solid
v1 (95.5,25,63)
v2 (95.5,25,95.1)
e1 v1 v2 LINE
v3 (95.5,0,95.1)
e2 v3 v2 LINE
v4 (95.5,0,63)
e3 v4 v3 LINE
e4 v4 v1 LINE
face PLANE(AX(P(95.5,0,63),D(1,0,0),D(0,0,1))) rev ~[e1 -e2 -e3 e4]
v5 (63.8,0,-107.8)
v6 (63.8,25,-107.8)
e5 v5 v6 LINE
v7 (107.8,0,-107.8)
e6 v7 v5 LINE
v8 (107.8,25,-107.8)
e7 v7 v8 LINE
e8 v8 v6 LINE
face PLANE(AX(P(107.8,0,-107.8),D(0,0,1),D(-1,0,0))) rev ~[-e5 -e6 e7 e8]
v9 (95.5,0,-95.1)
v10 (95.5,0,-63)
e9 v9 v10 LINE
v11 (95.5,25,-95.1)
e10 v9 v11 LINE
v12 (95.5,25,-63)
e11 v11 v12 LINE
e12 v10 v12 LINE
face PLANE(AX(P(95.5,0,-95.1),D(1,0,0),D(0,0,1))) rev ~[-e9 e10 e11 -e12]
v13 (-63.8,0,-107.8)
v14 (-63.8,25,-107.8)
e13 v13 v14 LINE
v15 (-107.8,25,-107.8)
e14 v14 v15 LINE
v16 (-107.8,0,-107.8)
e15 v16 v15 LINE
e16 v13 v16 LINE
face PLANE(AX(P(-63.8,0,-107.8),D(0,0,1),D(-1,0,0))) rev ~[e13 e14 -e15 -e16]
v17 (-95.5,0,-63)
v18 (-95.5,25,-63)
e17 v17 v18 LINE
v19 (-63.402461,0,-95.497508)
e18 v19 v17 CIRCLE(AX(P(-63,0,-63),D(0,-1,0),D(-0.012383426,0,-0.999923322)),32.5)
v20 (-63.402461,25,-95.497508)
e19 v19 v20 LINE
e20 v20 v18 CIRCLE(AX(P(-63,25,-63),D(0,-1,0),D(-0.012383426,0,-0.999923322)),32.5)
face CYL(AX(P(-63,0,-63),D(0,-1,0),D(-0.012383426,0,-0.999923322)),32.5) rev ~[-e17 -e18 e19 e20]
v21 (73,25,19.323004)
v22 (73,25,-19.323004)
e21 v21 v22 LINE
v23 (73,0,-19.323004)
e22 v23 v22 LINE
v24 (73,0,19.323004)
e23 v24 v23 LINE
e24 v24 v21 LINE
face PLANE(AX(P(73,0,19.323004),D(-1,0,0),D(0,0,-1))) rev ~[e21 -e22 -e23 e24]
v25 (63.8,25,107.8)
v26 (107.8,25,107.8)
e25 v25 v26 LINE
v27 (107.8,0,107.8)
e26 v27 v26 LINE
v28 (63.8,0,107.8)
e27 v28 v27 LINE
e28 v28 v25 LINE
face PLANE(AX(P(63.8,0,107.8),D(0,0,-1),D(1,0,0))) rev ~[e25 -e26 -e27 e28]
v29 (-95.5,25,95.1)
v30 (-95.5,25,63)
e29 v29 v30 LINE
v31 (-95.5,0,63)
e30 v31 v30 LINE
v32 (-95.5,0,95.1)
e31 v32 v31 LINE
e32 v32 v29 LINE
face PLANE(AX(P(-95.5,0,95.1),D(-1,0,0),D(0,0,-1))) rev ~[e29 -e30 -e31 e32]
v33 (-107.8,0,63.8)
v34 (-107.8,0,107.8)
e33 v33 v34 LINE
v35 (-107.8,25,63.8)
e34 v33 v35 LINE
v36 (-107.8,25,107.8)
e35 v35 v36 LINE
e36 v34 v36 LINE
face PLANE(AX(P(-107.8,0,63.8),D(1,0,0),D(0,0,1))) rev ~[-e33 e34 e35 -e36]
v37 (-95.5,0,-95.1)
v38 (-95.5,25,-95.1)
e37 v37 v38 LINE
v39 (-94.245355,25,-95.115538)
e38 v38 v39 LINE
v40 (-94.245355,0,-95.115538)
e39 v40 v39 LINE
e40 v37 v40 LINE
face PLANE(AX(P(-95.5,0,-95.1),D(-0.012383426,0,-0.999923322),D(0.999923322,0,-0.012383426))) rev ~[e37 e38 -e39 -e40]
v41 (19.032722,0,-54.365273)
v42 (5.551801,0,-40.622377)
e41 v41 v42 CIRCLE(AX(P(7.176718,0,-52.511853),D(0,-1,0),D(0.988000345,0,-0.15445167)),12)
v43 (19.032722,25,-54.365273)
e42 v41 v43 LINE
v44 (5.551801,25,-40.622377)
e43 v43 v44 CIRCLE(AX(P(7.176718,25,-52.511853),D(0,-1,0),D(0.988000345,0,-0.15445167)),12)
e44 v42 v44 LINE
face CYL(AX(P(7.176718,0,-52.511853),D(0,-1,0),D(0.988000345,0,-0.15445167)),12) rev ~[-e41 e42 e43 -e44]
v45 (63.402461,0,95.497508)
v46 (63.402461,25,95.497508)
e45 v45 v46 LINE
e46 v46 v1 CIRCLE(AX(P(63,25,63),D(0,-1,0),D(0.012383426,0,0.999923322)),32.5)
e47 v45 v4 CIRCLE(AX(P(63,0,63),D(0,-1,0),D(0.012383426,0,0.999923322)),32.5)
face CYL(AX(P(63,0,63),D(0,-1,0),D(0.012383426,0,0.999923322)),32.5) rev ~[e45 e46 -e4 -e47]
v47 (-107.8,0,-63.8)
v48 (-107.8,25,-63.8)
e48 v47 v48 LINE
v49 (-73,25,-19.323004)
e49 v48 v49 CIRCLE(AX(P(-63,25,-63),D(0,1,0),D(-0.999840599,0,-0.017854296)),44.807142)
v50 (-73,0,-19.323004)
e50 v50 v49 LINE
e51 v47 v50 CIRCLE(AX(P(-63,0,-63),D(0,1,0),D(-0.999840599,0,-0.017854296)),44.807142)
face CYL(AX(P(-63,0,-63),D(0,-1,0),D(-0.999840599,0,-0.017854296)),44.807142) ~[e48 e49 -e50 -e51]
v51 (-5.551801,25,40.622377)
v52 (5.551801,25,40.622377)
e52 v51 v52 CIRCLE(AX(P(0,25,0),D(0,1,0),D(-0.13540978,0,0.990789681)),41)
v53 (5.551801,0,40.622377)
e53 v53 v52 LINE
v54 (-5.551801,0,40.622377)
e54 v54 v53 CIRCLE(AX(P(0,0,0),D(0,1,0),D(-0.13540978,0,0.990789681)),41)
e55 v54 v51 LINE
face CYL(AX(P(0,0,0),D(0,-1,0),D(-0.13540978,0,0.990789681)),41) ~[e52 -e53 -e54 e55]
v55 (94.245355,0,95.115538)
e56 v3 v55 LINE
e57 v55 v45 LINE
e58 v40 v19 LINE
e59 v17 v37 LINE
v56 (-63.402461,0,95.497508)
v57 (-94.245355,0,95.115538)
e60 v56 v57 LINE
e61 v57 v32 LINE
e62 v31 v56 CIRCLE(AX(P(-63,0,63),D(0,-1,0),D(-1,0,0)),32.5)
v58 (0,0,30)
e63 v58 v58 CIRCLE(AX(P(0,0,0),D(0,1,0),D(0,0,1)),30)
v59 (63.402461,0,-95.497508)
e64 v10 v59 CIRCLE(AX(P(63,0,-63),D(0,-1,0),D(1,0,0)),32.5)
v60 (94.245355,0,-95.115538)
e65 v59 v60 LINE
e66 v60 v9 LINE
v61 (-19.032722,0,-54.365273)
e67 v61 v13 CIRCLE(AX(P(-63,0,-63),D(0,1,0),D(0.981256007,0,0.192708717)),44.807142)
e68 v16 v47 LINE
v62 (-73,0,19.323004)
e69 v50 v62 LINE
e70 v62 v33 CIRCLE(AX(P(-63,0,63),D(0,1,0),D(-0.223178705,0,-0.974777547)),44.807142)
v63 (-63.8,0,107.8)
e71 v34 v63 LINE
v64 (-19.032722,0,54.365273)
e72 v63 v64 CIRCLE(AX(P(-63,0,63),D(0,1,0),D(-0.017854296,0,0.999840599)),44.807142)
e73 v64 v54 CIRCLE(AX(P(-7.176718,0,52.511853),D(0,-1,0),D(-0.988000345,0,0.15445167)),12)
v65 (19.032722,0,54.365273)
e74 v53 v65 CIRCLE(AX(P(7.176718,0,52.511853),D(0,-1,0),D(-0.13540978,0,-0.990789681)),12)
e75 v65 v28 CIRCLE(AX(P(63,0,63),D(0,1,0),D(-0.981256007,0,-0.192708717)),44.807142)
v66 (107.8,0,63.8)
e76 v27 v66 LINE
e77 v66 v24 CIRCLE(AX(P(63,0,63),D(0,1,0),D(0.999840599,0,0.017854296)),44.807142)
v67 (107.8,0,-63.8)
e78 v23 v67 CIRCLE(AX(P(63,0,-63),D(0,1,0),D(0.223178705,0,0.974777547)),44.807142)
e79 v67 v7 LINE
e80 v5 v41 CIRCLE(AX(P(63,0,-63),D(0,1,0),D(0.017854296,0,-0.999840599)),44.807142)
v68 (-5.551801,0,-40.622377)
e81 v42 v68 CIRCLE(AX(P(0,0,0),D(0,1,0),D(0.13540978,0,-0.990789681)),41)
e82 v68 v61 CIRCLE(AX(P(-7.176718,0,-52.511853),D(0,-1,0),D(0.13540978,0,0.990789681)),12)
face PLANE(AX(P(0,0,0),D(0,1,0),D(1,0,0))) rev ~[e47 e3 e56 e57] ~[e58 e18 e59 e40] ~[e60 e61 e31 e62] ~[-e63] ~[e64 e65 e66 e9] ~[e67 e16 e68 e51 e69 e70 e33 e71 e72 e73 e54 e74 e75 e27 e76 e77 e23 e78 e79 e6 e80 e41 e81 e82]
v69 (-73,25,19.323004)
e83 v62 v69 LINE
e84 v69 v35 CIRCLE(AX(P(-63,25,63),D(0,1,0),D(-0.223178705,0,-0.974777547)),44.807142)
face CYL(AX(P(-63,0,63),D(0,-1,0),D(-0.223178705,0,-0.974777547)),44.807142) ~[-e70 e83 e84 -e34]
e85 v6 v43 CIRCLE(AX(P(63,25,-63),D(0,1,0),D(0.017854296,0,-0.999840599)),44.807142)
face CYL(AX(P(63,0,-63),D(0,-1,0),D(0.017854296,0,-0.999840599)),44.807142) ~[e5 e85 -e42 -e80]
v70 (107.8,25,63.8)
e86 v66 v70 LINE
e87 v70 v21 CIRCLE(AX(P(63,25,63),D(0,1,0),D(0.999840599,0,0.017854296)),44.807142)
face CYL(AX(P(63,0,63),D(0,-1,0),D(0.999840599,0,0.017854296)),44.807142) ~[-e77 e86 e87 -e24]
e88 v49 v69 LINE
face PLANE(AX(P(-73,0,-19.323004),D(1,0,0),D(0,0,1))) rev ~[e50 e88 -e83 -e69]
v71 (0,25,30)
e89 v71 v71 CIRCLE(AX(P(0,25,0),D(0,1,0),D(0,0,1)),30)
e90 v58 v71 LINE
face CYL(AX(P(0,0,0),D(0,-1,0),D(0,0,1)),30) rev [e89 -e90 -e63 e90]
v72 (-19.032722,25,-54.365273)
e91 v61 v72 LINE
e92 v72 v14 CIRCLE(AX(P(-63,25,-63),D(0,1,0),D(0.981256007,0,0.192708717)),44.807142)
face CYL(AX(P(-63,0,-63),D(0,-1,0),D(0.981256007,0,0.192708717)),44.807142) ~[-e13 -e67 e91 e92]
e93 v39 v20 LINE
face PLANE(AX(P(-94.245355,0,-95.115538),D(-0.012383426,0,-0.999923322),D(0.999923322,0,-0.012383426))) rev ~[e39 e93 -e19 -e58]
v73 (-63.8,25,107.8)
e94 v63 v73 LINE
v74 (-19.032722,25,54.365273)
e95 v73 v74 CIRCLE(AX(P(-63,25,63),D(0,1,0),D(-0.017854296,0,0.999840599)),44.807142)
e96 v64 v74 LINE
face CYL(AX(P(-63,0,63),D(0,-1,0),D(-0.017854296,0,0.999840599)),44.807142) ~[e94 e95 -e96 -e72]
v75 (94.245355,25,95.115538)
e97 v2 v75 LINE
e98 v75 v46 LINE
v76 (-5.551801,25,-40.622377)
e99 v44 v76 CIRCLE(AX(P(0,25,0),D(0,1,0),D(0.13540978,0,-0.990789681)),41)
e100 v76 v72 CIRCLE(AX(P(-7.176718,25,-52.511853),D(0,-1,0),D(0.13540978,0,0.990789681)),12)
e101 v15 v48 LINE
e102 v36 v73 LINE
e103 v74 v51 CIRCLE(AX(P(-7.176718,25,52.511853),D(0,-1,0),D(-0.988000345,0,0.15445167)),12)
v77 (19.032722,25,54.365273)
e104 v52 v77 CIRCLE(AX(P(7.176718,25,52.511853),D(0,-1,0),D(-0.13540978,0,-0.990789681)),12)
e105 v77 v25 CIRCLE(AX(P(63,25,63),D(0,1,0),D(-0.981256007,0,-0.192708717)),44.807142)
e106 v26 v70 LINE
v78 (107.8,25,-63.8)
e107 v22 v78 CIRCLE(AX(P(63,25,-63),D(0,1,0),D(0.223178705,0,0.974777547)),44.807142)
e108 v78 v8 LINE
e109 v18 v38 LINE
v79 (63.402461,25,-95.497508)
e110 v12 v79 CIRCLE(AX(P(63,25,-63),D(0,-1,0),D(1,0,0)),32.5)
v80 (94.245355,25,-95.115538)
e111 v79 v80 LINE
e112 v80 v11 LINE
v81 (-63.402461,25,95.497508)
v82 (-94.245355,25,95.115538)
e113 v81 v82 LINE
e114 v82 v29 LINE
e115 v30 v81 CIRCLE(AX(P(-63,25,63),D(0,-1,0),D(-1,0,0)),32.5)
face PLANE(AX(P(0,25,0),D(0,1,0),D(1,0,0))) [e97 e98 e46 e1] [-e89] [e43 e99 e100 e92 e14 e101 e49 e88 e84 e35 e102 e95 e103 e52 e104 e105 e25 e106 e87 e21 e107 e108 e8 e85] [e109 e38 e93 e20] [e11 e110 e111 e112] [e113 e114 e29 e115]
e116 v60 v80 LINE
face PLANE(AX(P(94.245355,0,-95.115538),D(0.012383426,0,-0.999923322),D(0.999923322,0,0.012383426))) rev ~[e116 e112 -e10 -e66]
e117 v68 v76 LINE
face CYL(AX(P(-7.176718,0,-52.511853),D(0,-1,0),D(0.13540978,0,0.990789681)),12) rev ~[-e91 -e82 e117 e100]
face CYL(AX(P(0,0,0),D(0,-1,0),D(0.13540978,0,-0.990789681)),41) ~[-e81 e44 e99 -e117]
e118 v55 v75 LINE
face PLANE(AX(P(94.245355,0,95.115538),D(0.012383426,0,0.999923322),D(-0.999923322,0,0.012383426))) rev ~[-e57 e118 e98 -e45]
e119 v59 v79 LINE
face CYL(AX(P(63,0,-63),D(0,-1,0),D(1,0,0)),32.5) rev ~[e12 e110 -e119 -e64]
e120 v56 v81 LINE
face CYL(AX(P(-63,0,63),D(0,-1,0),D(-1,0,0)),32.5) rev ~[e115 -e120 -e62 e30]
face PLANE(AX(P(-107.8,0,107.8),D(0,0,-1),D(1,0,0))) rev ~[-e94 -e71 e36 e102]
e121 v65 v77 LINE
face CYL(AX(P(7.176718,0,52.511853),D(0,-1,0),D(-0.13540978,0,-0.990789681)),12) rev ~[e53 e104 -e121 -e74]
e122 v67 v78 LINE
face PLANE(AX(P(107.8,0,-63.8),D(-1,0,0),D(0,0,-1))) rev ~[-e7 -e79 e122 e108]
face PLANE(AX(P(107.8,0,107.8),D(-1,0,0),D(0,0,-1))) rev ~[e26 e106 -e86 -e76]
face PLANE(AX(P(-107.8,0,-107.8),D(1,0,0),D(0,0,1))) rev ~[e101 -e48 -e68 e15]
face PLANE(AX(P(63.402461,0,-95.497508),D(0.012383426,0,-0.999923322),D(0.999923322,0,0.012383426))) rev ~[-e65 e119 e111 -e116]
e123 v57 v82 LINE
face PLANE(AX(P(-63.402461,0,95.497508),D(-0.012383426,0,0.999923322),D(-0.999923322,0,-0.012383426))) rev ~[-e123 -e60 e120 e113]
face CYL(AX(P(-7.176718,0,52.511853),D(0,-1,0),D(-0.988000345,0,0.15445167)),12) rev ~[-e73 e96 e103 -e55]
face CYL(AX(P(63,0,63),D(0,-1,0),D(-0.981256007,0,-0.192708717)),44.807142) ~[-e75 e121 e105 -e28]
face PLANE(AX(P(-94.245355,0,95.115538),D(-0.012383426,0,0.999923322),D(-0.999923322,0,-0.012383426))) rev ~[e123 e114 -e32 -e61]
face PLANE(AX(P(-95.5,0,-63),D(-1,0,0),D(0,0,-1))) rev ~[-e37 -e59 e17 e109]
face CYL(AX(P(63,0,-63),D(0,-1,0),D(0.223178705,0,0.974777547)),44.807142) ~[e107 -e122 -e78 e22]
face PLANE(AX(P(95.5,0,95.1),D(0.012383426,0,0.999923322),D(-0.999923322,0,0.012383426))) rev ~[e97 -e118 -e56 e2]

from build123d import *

# Parameters (mm, degrees)
SKETCH1_R           = 30
BOSS_EXTRUDE1_DEPTH = 25


with BuildPart() as part:
    # Sketch1 → Boss-Extrude1 (new body)
    with BuildSketch(Plane(origin=(0, 0, 0), x_dir=(1, 0, 0), z_dir=(0, 1, 0))):
        with BuildLine():
            Line((-63.8, 107.8), (-107.8, 107.8))
            Line((-107.8, 107.8), (-107.8, 63.8))
            ThreePointArc((-107.8, 63.8), (-98.288961426, 35.388965946), (-73, 19.323003766))
            Line((-73, 19.323003766), (-73, -19.323003766))
            ThreePointArc((-73, -19.323003766), (-98.288961426, -35.388965946), (-107.8, -63.8))
            Line((-107.8, -63.8), (-107.8, -107.8))
            Line((-107.8, -107.8), (-63.8, -107.8))
            ThreePointArc((-63.8, -107.8), (-28.653661458, -91.775146025), (-19.03272249, -54.365273115))
            ThreePointArc((-19.03272249, -54.365273115), (-15.743256927, -44.108614607), (-5.551800988, -40.62237691))
            ThreePointArc((-5.551800988, -40.62237691), (0, -41), (5.551800988, -40.62237691))
            ThreePointArc((5.551800988, -40.62237691), (15.743256927, -44.108614607), (19.03272249, -54.365273115))
            ThreePointArc((19.03272249, -54.365273115), (28.653661458, -91.775146025), (63.8, -107.8))
            Line((63.8, -107.8), (107.8, -107.8))
            Line((107.8, -107.8), (107.8, -63.8))
            ThreePointArc((107.8, -63.8), (98.288961426, -35.388965946), (73, -19.323003766))
            Line((73, -19.323003766), (73, 19.323003766))
            ThreePointArc((73, 19.323003766), (98.288961426, 35.388965946), (107.8, 63.8))
            Line((107.8, 63.8), (107.8, 107.8))
            Line((107.8, 107.8), (63.8, 107.8))
            ThreePointArc((63.8, 107.8), (28.653661458, 91.775146025), (19.03272249, 54.365273115))
            ThreePointArc((19.03272249, 54.365273115), (15.743256927, 44.108614607), (5.551800988, 40.62237691))
            ThreePointArc((5.551800988, 40.62237691), (0, 41), (-5.551800988, 40.62237691))
            ThreePointArc((-5.551800988, 40.62237691), (-15.743256927, 44.108614607), (-19.03272249, 54.365273115))
            ThreePointArc((-19.03272249, 54.365273115), (-28.653661458, 91.775146025), (-63.8, 107.8))
        make_face()
        with BuildLine():
            Line((-94.245355165, -95.115537993), (-95.5, -95.1))
            Line((-95.5, -95.1), (-95.5, -93.845258955))
            Line((-95.5, -93.845258955), (-95.5, -63))
            ThreePointArc((-95.5, -63), (-39.877175844, -40.161764449), (-63.40246135, -95.497507979))
            Line((-63.40246135, -95.497507979), (-94.245355165, -95.115537993))
        make_face(mode=Mode.SUBTRACT)
        with BuildLine():
            Line((95.5, -93.845258955), (95.5, -95.1))
            Line((95.5, -95.1), (94.245355165, -95.115537993))
            Line((94.245355165, -95.115537993), (63.40246135, -95.497507979))
            ThreePointArc((63.40246135, -95.497507979), (39.877175844, -40.161764449), (95.5, -63))
            Line((95.5, -63), (95.5, -93.845258955))
        make_face(mode=Mode.SUBTRACT)
        with Locations(Location((0, 0, 0), (0, 0, 270))):
            Circle(SKETCH1_R, mode=Mode.SUBTRACT)
        with BuildLine():
            Line((-95.5, 93.845258955), (-95.5, 95.1))
            Line((-95.5, 95.1), (-94.245355165, 95.115537993))
            Line((-94.245355165, 95.115537993), (-63.40246135, 95.497507979))
            ThreePointArc((-63.40246135, 95.497507979), (-39.877175844, 40.161764449), (-95.5, 63))
            Line((-95.5, 63), (-95.5, 93.845258955))
        make_face(mode=Mode.SUBTRACT)
        with BuildLine():
            Line((94.245355165, 95.115537993), (95.5, 95.1))
            Line((95.5, 95.1), (95.5, 93.845258955))
            Line((95.5, 93.845258955), (95.5, 63))
            ThreePointArc((95.5, 63), (39.877175844, 40.161764449), (63.40246135, 95.497507979))
            Line((63.40246135, 95.497507979), (94.245355165, 95.115537993))
        make_face(mode=Mode.SUBTRACT)
    extrude(amount=BOSS_EXTRUDE1_DEPTH)


solid = part.part
